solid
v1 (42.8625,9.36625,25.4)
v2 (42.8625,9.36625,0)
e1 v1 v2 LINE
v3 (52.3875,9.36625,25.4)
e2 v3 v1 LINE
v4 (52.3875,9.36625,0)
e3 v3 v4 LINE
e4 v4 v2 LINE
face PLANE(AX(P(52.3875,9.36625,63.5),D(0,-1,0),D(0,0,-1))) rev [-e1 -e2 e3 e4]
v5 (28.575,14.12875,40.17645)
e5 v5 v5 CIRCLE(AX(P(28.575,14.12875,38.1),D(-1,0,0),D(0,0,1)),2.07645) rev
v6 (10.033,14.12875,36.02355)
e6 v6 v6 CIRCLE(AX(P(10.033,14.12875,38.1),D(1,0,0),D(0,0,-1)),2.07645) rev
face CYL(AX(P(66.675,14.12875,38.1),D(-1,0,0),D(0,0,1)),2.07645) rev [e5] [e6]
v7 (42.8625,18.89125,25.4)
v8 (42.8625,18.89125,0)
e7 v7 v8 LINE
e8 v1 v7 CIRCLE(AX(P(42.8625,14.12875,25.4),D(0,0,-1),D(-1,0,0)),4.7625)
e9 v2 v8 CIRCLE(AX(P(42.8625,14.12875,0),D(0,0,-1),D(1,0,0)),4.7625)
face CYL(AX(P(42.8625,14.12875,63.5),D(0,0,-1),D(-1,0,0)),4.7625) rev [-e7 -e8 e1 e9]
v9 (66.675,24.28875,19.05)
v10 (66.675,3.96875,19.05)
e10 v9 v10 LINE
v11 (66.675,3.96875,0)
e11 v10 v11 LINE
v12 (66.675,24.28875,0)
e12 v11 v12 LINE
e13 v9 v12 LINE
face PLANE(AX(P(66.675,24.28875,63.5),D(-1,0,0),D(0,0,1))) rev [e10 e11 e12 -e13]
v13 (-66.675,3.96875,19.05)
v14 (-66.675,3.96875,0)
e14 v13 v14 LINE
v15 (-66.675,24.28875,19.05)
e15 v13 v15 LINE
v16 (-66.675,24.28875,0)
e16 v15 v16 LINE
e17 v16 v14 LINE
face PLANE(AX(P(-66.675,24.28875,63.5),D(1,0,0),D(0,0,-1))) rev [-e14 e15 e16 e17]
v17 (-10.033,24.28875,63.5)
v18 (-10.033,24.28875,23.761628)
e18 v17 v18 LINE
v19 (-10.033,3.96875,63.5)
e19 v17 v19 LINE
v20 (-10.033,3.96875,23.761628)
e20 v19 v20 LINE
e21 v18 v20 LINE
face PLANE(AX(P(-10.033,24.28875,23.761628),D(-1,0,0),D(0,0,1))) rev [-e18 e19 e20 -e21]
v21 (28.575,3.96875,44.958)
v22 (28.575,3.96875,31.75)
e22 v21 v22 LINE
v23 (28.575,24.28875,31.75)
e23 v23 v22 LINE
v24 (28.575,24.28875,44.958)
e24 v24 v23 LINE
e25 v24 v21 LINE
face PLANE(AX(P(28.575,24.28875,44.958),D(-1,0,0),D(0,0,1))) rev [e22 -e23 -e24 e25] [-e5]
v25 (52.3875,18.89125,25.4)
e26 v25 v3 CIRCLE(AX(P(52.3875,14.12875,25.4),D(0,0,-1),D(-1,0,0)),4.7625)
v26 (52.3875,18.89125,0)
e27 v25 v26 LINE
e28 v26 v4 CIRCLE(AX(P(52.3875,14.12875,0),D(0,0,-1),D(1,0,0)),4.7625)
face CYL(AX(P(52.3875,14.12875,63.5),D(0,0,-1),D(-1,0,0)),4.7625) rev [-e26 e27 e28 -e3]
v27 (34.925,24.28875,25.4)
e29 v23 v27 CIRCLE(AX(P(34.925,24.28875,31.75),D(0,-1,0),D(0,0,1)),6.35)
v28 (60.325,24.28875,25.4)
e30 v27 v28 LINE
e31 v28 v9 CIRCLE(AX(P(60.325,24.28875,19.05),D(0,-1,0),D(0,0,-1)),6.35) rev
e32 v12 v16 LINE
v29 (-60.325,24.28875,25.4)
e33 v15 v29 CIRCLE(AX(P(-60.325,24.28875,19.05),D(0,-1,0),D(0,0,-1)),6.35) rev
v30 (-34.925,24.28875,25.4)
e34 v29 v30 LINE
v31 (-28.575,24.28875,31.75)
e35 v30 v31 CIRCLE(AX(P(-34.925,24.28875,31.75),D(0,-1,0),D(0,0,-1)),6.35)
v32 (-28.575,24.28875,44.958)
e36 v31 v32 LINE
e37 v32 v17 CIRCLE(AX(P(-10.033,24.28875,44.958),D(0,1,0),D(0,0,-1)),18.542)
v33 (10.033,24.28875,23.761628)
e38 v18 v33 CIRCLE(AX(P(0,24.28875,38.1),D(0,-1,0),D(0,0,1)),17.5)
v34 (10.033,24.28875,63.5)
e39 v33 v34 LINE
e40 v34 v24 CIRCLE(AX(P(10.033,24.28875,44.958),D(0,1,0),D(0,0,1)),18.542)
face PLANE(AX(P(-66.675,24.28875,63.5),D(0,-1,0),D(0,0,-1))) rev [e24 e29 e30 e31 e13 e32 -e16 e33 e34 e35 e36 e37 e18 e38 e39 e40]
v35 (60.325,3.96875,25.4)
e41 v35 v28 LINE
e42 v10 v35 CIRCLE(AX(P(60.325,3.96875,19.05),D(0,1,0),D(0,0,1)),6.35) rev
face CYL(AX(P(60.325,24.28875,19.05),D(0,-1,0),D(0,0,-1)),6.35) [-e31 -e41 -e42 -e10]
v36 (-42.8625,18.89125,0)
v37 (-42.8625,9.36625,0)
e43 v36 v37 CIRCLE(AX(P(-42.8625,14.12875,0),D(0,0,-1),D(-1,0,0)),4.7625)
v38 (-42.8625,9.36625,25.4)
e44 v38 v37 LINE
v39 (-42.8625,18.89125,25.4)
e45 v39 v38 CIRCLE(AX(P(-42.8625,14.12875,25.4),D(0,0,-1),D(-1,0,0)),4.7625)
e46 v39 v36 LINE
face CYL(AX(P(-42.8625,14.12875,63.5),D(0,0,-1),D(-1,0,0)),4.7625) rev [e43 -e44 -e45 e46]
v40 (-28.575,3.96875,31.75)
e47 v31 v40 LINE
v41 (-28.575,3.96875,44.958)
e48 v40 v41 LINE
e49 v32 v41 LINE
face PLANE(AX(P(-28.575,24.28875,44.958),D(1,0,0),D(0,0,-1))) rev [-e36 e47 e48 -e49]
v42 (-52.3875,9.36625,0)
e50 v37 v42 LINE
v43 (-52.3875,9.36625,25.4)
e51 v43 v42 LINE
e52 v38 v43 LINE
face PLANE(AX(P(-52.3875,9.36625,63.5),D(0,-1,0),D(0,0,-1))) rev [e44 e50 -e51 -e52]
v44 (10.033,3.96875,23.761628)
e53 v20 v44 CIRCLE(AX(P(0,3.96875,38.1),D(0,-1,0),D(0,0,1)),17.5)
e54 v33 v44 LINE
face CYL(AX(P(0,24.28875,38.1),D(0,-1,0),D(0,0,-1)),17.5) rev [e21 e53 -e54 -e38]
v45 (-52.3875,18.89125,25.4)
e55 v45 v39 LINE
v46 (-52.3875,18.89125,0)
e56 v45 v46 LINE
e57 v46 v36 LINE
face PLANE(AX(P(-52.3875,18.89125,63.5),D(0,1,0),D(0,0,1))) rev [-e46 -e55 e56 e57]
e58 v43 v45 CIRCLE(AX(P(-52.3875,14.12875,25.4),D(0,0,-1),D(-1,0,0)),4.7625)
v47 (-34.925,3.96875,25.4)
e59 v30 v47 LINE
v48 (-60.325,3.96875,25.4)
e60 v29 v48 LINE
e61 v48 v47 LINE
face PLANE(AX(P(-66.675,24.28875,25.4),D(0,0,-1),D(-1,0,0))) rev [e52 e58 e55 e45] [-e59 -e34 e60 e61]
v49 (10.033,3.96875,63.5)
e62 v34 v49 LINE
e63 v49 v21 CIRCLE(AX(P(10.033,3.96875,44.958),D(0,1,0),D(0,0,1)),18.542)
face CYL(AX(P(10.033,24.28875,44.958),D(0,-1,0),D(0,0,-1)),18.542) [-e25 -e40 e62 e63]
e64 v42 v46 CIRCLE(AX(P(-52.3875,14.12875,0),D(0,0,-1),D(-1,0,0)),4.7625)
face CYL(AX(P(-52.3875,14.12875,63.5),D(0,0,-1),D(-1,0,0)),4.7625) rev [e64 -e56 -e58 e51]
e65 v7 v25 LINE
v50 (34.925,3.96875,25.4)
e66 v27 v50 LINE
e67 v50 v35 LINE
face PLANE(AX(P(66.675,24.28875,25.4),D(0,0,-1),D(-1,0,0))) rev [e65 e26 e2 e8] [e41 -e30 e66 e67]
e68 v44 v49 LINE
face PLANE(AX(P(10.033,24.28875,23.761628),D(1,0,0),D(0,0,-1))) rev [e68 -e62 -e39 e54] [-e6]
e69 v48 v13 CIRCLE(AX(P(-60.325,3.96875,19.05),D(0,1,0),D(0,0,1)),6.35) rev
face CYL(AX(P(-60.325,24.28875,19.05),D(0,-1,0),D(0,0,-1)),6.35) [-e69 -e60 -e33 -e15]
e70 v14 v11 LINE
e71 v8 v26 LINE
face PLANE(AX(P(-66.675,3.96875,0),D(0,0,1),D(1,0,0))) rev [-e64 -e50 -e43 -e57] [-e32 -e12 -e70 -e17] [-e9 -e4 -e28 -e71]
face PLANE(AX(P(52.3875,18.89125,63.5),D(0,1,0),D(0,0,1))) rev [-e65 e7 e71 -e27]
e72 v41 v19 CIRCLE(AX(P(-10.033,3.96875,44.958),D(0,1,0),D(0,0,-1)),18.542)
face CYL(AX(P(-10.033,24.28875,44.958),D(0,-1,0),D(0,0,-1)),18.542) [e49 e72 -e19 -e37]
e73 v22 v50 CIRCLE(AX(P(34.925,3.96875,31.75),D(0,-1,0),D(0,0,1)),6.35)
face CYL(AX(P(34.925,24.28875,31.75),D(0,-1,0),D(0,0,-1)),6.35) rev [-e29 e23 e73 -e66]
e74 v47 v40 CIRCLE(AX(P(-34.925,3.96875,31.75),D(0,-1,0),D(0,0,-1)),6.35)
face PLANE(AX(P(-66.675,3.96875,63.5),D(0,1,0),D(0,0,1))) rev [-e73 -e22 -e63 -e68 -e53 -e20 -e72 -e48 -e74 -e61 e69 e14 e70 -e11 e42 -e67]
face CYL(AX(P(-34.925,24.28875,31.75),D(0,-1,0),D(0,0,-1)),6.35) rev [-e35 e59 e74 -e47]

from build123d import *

# Parameters (mm, degrees)
SKETCH1_W          = 133.35
SKETCH1_H          = 20.32
EXTRUDE1_DEPTH     = 63.5
CUT_EXTRUDE1_DEPTH = 21.32
FILLET1_R          = 6.35
CUT_EXTRUDE2_DEPTH = 64.5
SKETCH6_R          = 2.07645
CUT_EXTRUDE5_DEPTH = 67.675


with BuildPart() as part:
    # Sketch1 → Extrude1 (new body)
    with BuildSketch(Plane.XY):
        with Locations((0, 14.12875)):
            Rectangle(SKETCH1_W, SKETCH1_H)
    extrude(amount=EXTRUDE1_DEPTH)

    # Sketch2 → Cut-Extrude1 (cut, through all)
    with BuildSketch(Plane.XZ.offset(-3.96875)):
        with BuildLine():
            Line((-10.033, 23.761628021), (-10.033, 63.5))
            ThreePointArc((-10.033, 63.5), (-23.144173937, 58.069173937), (-28.575, 44.958))
            Line((-28.575, 44.958), (-28.575, 31.75))
            ThreePointArc((-28.575, 31.75), (-30.434871939, 27.259871939), (-34.925, 25.4))
            Line((-34.925, 25.4), (-66.675, 25.4))
            Line((-66.675, 25.4), (-66.675, 63.5))
            Line((-66.675, 63.5), (-66.675, 81.695932909))
            Line((-66.675, 81.695932909), (66.675, 81.695932909))
            Line((66.675, 81.695932909), (66.675, 63.5))
            Line((66.675, 63.5), (66.675, 25.4))
            Line((66.675, 25.4), (34.925, 25.4))
            ThreePointArc((34.925, 25.4), (30.434871939, 27.259871939), (28.575, 31.75))
            Line((28.575, 31.75), (28.575, 44.958))
            ThreePointArc((28.575, 44.958), (23.144173937, 58.069173937), (10.033, 63.5))
            Line((10.033, 63.5), (10.033, 23.761628021))
            ThreePointArc((10.033, 23.761628021), (0, 20.6), (-10.033, 23.761628021))
        make_face()
    extrude(amount=-CUT_EXTRUDE1_DEPTH, mode=Mode.SUBTRACT)

    # Fillet1
    fillet1_edges = [part.edges().sort_by_distance(p)[0] for p in [
        (-66.675, 14.12875, 25.4),
        (66.675, 14.12875, 25.4),
    ]]
    fillet(fillet1_edges, radius=FILLET1_R)

    # Sketch3 → Cut-Extrude2 (cut, through all)
    with BuildSketch(Plane(origin=(0, 0, 0), x_dir=(-1, 0, 0), z_dir=(0, 0, -1))):
        with BuildLine():
            Line((-52.3875, 18.89125), (-42.8625, 18.89125))
            ThreePointArc((-42.8625, 18.89125), (-38.1, 14.12875), (-42.8625, 9.36625))
            Line((-42.8625, 9.36625), (-52.3875, 9.36625))
            ThreePointArc((-52.3875, 9.36625), (-57.15, 14.12875), (-52.3875, 18.89125))
        make_face()
        with BuildLine():
            Line((52.3875, 9.36625), (42.8625, 9.36625))
            ThreePointArc((42.8625, 9.36625), (38.1, 14.12875), (42.8625, 18.89125))
            Line((42.8625, 18.89125), (52.3875, 18.89125))
            ThreePointArc((52.3875, 18.89125), (57.15, 14.12875), (52.3875, 9.36625))
        make_face()
    extrude(amount=-CUT_EXTRUDE2_DEPTH, mode=Mode.SUBTRACT)

    # Sketch6 → Cut-Extrude5 (cut, through all)
    with BuildSketch(Plane(origin=(0, 0, 0), x_dir=(0, 0, -1), z_dir=(1, 0, 0))):
        with Locations((-38.1, 14.12875)):
            Circle(SKETCH6_R)
    extrude(amount=CUT_EXTRUDE5_DEPTH, mode=Mode.SUBTRACT)


solid = part.part
